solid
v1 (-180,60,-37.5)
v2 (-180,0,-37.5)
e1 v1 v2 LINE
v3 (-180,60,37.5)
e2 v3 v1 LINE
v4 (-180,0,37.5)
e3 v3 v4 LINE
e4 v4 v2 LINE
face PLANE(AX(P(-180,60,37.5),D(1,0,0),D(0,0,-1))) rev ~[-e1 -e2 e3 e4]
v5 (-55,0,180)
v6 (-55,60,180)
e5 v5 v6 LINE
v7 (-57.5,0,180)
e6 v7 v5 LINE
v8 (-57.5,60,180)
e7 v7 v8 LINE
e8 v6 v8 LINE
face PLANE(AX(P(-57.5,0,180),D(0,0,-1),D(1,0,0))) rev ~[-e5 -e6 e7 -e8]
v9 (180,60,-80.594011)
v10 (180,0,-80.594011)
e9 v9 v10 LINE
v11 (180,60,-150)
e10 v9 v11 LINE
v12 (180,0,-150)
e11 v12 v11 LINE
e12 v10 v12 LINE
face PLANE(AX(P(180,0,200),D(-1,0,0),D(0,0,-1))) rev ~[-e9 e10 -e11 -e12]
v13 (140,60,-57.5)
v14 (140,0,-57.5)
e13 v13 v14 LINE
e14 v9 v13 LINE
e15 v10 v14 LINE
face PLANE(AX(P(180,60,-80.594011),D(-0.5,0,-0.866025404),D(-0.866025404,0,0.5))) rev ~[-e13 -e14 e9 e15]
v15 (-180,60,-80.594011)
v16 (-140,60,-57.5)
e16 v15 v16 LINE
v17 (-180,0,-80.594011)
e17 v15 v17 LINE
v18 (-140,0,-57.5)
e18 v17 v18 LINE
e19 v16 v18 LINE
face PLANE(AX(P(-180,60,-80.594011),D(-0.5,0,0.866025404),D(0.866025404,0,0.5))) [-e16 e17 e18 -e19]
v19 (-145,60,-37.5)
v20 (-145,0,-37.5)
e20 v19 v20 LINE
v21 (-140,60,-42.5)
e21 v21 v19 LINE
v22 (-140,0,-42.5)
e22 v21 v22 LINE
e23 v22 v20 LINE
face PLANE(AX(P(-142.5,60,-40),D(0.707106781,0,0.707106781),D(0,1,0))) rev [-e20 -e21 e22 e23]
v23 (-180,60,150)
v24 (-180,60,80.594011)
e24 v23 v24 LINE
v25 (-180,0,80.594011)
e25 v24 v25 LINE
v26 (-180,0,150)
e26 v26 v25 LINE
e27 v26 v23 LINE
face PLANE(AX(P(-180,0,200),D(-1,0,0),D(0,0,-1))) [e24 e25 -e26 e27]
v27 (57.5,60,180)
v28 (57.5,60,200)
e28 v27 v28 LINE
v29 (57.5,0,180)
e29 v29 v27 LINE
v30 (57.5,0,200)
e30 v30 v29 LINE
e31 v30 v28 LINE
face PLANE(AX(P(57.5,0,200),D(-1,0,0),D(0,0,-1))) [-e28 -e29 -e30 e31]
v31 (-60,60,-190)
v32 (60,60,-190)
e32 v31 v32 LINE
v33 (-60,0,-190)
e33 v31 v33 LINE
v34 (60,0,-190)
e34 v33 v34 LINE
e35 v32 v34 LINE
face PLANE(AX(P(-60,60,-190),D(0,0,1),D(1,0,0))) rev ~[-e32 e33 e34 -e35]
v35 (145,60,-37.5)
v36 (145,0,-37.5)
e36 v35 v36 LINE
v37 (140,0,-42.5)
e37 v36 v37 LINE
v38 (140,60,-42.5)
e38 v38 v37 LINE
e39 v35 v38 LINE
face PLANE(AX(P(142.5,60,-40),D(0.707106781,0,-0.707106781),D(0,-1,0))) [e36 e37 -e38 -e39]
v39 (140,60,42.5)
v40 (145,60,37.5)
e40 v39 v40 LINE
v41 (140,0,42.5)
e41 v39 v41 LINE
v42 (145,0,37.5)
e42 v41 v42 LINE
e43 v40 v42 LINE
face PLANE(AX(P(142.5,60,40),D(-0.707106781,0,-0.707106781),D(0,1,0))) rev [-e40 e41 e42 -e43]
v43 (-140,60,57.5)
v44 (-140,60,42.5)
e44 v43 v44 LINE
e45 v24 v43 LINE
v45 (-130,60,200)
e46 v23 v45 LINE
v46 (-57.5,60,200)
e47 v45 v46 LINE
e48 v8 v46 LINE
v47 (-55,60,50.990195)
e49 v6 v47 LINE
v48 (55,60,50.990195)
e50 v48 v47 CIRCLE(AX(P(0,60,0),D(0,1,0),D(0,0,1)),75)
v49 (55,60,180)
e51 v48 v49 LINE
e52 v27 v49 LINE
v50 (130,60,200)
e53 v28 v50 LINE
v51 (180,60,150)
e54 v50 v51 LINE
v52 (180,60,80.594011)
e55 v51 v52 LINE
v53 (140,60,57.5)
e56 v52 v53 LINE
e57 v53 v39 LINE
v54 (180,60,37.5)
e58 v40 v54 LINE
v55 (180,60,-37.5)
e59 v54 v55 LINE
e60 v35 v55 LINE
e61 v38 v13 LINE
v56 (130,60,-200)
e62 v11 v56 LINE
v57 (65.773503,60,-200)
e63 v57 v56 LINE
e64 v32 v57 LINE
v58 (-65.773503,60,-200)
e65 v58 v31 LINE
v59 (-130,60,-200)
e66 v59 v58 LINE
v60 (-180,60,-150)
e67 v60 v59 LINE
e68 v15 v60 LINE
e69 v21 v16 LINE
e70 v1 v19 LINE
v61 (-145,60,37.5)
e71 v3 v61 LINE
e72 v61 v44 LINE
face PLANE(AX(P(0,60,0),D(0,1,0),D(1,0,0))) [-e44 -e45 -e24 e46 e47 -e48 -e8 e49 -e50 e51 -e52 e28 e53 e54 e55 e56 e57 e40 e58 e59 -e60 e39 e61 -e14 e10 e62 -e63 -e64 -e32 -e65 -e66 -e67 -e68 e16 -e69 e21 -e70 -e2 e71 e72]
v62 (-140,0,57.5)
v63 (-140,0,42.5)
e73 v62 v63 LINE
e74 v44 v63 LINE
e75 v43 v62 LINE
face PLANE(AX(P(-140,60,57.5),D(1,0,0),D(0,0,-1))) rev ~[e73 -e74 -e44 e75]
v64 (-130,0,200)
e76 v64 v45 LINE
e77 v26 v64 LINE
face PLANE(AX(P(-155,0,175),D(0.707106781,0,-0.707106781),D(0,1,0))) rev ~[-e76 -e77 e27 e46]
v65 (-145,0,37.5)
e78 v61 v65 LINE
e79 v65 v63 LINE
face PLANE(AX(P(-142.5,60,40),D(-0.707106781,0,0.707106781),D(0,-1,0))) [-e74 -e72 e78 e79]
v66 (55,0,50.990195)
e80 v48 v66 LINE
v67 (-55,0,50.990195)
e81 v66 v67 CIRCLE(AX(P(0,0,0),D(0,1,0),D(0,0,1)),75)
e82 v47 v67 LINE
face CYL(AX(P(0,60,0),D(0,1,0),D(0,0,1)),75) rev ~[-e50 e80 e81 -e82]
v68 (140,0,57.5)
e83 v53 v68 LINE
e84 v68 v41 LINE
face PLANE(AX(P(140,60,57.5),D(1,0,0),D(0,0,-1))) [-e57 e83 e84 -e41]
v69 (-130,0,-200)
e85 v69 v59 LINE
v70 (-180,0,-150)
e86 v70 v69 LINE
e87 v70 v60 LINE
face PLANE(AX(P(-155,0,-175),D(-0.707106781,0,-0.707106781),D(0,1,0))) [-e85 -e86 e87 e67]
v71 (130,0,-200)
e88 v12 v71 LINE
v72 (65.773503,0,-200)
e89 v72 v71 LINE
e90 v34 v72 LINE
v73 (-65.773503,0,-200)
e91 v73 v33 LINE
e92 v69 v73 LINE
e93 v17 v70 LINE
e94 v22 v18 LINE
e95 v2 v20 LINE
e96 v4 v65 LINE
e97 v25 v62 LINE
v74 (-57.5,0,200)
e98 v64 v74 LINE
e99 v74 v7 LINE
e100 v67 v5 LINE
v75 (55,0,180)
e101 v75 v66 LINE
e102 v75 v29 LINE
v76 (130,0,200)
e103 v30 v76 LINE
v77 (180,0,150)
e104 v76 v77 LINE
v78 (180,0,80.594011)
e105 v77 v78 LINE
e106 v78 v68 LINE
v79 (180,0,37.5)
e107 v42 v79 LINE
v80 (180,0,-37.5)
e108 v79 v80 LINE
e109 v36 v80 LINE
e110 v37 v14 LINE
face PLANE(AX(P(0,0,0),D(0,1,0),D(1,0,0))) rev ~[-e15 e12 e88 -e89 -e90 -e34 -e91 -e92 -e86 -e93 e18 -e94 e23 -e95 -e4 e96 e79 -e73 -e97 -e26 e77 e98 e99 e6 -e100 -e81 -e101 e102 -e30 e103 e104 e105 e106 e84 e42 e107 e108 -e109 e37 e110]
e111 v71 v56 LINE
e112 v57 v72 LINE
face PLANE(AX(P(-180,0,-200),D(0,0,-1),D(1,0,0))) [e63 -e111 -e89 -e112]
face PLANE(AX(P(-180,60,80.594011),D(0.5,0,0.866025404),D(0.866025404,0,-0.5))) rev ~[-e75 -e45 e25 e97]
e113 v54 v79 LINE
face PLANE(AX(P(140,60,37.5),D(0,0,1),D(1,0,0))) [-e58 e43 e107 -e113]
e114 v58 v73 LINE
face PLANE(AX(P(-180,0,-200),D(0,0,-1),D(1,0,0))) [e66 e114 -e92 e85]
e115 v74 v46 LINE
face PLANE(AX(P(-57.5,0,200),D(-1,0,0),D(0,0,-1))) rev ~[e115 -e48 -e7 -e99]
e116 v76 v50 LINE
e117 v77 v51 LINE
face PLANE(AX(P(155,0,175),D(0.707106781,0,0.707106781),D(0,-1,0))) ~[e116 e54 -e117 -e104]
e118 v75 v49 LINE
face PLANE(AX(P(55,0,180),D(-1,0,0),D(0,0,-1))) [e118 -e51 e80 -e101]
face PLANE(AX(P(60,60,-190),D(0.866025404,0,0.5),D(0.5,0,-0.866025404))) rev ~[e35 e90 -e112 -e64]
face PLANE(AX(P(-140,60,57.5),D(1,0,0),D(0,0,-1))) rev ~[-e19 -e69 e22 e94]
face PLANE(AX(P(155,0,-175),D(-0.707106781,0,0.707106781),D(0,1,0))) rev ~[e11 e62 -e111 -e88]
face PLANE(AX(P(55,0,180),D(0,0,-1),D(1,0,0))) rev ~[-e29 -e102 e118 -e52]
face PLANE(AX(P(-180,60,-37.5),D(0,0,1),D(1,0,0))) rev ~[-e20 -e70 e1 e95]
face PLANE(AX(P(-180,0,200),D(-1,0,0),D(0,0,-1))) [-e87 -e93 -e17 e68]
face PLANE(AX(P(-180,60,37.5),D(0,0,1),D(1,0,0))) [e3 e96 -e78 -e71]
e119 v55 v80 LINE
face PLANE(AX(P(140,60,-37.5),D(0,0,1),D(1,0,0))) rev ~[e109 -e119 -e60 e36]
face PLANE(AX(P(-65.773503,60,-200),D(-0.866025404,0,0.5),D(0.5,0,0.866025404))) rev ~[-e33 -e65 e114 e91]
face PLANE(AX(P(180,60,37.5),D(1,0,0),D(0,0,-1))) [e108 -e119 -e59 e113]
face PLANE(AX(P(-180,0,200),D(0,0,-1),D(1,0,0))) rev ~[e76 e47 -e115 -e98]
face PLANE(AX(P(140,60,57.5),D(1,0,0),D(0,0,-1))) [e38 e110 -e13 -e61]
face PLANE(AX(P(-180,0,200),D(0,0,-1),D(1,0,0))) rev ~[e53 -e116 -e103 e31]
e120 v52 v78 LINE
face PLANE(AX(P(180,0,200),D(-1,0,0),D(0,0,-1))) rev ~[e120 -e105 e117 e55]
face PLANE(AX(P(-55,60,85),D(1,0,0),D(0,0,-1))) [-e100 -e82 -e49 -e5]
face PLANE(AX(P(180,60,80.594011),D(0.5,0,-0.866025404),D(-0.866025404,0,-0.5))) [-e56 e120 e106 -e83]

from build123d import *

# Parameters (mm, degrees)
SKETCH_1_W          = 360
SKETCH_1_H          = 400
EXTRUDE_1_DEPTH     = 60
CHAMFER_1_SIZE      = 50
SKETCH_2_W          = 40
SKETCH_2_H          = 115
CUT_EXTRUDE_1_DEPTH = 276.680975042
CUT_EXTRUDE_2_DEPTH = 60
SKETCH_4_W          = 110
SKETCH_4_H          = 95
SKETCH_4_H_2        = 20
SKETCH_4_W_2        = 2.5
CUT_EXTRUDE_3_DEPTH = 276.680975042
SKETCH_5_W          = 40
SKETCH_5_H          = 75
EXTRUDE_2_DEPTH     = 60
CUT_EXTRUDE_4_DEPTH = 60
SKETCH_7_R          = 75
CUT_EXTRUDE_5_DEPTH = 60
CUT_EXTRUDE_6_DEPTH = 60
CHAMFER_2_SIZE      = 5


with BuildPart() as part:
    # 草图1 → 凸台-拉伸1 (new body)
    with BuildSketch(Plane(origin=(0, 0, 0), x_dir=(1, 0, 0), z_dir=(0, 1, 0))):
        Rectangle(SKETCH_1_W, SKETCH_1_H)
    extrude(amount=EXTRUDE_1_DEPTH)

    # 倒角1
    chamfer_1_edges = [part.edges().sort_by_distance(p)[0] for p in [
        (180, 30, 200),
        (-180, 30, 200),
        (-180, 30, -200),
        (180, 30, -200),
    ]]
    chamfer(chamfer_1_edges, length=CHAMFER_1_SIZE)

    # 草图2 → 切除-拉伸1 (cut, through all)
    with BuildSketch(Plane(origin=(0, 60, 0), x_dir=(1, 0, 0), z_dir=(0, 1, 0))):
        with Locations((-160, 0)):
            Rectangle(SKETCH_2_W, SKETCH_2_H)
        with Locations((160, 0)):
            Rectangle(SKETCH_2_W, SKETCH_2_H)
    extrude(amount=-CUT_EXTRUDE_1_DEPTH, mode=Mode.SUBTRACT)

    # 草图3 → 切除-拉伸2 (cut)
    with BuildSketch(Plane(origin=(0, 60, 0), x_dir=(1, 0, 0), z_dir=(0, 1, 0))):
        Polygon((-140, -57.5), (-180, -57.5), (-180, -80.594010768), align=None)
        Polygon((-180, 80.594010768), (-140, 57.5), (-180, 57.5), align=None)
        Polygon((140, 57.5), (180, 57.5), (180, 80.594010768), align=None)
        Polygon((180, -80.594010768), (140, -57.5), (180, -57.5), align=None)
    extrude(amount=-CUT_EXTRUDE_2_DEPTH, mode=Mode.SUBTRACT)

    # 草图4 → 切除-拉伸3 (cut, through all)
    with BuildSketch(Plane(origin=(0, 0, 0), x_dir=(1, 0, 0), z_dir=(0, 1, 0))):
        with Locations((0, -132.5)):
            Rectangle(SKETCH_4_W, SKETCH_4_H)
        with Locations((0, -190)):
            Rectangle(SKETCH_4_W, SKETCH_4_H_2)
        with Locations((-56.25, -190)):
            Rectangle(SKETCH_4_W_2, SKETCH_4_H_2)
        with Locations((56.25, -190)):
            Rectangle(SKETCH_4_W_2, SKETCH_4_H_2)
    extrude(amount=CUT_EXTRUDE_3_DEPTH, mode=Mode.SUBTRACT)

    # 草图5 → 凸台-拉伸2 (add)
    with BuildSketch(Plane(origin=(0, 60, 0), x_dir=(1, 0, 0), z_dir=(0, 1, 0))):
        with Locations((-160, 0)):
            Rectangle(SKETCH_5_W, SKETCH_5_H)
        with Locations((160, 0)):
            Rectangle(SKETCH_5_W, SKETCH_5_H)
    extrude(amount=-EXTRUDE_2_DEPTH)

    # 草图6 → 切除-拉伸4 (cut)
    with BuildSketch(Plane(origin=(0, 60, 0), x_dir=(1, 0, 0), z_dir=(0, 1, 0))):
        Polygon((-65.773502692, 200), (-60, 190), (60, 190), (65.773502692, 200), align=None)
    extrude(amount=-CUT_EXTRUDE_4_DEPTH, mode=Mode.SUBTRACT)

    # 草图7 → 切除-拉伸5 (cut)
    with BuildSketch(Plane(origin=(0, 60, 0), x_dir=(1, 0, 0), z_dir=(0, 1, 0))):
        with Locations(Location((0, 0, 0), (0, 0, 270))):
            Circle(SKETCH_7_R)
    extrude(amount=-CUT_EXTRUDE_5_DEPTH, mode=Mode.SUBTRACT)

    # 草图8 → 切除-拉伸6 (cut)
    with BuildSketch(Plane(origin=(0, 60, 0), x_dir=(1, 0, 0), z_dir=(0, 1, 0))):
        with BuildLine():
            Line((-55, -85), (-55, -50.990195136))
            ThreePointArc((-55, -50.990195136), (0, -75), (55, -50.990195136))
            Line((55, -50.990195136), (55, -85))
            Line((55, -85), (-55, -85))
        make_face()
    extrude(amount=-CUT_EXTRUDE_6_DEPTH, mode=Mode.SUBTRACT)

    # 倒角2
    chamfer_2_edges = [part.edges().sort_by_distance(p)[0] for p in [
        (-140, 30, -37.5),
        (-140, 30, 37.5),
        (140, 30, 37.5),
        (140, 30, -37.5),
    ]]
    chamfer(chamfer_2_edges, length=CHAMFER_2_SIZE)


solid = part.part
